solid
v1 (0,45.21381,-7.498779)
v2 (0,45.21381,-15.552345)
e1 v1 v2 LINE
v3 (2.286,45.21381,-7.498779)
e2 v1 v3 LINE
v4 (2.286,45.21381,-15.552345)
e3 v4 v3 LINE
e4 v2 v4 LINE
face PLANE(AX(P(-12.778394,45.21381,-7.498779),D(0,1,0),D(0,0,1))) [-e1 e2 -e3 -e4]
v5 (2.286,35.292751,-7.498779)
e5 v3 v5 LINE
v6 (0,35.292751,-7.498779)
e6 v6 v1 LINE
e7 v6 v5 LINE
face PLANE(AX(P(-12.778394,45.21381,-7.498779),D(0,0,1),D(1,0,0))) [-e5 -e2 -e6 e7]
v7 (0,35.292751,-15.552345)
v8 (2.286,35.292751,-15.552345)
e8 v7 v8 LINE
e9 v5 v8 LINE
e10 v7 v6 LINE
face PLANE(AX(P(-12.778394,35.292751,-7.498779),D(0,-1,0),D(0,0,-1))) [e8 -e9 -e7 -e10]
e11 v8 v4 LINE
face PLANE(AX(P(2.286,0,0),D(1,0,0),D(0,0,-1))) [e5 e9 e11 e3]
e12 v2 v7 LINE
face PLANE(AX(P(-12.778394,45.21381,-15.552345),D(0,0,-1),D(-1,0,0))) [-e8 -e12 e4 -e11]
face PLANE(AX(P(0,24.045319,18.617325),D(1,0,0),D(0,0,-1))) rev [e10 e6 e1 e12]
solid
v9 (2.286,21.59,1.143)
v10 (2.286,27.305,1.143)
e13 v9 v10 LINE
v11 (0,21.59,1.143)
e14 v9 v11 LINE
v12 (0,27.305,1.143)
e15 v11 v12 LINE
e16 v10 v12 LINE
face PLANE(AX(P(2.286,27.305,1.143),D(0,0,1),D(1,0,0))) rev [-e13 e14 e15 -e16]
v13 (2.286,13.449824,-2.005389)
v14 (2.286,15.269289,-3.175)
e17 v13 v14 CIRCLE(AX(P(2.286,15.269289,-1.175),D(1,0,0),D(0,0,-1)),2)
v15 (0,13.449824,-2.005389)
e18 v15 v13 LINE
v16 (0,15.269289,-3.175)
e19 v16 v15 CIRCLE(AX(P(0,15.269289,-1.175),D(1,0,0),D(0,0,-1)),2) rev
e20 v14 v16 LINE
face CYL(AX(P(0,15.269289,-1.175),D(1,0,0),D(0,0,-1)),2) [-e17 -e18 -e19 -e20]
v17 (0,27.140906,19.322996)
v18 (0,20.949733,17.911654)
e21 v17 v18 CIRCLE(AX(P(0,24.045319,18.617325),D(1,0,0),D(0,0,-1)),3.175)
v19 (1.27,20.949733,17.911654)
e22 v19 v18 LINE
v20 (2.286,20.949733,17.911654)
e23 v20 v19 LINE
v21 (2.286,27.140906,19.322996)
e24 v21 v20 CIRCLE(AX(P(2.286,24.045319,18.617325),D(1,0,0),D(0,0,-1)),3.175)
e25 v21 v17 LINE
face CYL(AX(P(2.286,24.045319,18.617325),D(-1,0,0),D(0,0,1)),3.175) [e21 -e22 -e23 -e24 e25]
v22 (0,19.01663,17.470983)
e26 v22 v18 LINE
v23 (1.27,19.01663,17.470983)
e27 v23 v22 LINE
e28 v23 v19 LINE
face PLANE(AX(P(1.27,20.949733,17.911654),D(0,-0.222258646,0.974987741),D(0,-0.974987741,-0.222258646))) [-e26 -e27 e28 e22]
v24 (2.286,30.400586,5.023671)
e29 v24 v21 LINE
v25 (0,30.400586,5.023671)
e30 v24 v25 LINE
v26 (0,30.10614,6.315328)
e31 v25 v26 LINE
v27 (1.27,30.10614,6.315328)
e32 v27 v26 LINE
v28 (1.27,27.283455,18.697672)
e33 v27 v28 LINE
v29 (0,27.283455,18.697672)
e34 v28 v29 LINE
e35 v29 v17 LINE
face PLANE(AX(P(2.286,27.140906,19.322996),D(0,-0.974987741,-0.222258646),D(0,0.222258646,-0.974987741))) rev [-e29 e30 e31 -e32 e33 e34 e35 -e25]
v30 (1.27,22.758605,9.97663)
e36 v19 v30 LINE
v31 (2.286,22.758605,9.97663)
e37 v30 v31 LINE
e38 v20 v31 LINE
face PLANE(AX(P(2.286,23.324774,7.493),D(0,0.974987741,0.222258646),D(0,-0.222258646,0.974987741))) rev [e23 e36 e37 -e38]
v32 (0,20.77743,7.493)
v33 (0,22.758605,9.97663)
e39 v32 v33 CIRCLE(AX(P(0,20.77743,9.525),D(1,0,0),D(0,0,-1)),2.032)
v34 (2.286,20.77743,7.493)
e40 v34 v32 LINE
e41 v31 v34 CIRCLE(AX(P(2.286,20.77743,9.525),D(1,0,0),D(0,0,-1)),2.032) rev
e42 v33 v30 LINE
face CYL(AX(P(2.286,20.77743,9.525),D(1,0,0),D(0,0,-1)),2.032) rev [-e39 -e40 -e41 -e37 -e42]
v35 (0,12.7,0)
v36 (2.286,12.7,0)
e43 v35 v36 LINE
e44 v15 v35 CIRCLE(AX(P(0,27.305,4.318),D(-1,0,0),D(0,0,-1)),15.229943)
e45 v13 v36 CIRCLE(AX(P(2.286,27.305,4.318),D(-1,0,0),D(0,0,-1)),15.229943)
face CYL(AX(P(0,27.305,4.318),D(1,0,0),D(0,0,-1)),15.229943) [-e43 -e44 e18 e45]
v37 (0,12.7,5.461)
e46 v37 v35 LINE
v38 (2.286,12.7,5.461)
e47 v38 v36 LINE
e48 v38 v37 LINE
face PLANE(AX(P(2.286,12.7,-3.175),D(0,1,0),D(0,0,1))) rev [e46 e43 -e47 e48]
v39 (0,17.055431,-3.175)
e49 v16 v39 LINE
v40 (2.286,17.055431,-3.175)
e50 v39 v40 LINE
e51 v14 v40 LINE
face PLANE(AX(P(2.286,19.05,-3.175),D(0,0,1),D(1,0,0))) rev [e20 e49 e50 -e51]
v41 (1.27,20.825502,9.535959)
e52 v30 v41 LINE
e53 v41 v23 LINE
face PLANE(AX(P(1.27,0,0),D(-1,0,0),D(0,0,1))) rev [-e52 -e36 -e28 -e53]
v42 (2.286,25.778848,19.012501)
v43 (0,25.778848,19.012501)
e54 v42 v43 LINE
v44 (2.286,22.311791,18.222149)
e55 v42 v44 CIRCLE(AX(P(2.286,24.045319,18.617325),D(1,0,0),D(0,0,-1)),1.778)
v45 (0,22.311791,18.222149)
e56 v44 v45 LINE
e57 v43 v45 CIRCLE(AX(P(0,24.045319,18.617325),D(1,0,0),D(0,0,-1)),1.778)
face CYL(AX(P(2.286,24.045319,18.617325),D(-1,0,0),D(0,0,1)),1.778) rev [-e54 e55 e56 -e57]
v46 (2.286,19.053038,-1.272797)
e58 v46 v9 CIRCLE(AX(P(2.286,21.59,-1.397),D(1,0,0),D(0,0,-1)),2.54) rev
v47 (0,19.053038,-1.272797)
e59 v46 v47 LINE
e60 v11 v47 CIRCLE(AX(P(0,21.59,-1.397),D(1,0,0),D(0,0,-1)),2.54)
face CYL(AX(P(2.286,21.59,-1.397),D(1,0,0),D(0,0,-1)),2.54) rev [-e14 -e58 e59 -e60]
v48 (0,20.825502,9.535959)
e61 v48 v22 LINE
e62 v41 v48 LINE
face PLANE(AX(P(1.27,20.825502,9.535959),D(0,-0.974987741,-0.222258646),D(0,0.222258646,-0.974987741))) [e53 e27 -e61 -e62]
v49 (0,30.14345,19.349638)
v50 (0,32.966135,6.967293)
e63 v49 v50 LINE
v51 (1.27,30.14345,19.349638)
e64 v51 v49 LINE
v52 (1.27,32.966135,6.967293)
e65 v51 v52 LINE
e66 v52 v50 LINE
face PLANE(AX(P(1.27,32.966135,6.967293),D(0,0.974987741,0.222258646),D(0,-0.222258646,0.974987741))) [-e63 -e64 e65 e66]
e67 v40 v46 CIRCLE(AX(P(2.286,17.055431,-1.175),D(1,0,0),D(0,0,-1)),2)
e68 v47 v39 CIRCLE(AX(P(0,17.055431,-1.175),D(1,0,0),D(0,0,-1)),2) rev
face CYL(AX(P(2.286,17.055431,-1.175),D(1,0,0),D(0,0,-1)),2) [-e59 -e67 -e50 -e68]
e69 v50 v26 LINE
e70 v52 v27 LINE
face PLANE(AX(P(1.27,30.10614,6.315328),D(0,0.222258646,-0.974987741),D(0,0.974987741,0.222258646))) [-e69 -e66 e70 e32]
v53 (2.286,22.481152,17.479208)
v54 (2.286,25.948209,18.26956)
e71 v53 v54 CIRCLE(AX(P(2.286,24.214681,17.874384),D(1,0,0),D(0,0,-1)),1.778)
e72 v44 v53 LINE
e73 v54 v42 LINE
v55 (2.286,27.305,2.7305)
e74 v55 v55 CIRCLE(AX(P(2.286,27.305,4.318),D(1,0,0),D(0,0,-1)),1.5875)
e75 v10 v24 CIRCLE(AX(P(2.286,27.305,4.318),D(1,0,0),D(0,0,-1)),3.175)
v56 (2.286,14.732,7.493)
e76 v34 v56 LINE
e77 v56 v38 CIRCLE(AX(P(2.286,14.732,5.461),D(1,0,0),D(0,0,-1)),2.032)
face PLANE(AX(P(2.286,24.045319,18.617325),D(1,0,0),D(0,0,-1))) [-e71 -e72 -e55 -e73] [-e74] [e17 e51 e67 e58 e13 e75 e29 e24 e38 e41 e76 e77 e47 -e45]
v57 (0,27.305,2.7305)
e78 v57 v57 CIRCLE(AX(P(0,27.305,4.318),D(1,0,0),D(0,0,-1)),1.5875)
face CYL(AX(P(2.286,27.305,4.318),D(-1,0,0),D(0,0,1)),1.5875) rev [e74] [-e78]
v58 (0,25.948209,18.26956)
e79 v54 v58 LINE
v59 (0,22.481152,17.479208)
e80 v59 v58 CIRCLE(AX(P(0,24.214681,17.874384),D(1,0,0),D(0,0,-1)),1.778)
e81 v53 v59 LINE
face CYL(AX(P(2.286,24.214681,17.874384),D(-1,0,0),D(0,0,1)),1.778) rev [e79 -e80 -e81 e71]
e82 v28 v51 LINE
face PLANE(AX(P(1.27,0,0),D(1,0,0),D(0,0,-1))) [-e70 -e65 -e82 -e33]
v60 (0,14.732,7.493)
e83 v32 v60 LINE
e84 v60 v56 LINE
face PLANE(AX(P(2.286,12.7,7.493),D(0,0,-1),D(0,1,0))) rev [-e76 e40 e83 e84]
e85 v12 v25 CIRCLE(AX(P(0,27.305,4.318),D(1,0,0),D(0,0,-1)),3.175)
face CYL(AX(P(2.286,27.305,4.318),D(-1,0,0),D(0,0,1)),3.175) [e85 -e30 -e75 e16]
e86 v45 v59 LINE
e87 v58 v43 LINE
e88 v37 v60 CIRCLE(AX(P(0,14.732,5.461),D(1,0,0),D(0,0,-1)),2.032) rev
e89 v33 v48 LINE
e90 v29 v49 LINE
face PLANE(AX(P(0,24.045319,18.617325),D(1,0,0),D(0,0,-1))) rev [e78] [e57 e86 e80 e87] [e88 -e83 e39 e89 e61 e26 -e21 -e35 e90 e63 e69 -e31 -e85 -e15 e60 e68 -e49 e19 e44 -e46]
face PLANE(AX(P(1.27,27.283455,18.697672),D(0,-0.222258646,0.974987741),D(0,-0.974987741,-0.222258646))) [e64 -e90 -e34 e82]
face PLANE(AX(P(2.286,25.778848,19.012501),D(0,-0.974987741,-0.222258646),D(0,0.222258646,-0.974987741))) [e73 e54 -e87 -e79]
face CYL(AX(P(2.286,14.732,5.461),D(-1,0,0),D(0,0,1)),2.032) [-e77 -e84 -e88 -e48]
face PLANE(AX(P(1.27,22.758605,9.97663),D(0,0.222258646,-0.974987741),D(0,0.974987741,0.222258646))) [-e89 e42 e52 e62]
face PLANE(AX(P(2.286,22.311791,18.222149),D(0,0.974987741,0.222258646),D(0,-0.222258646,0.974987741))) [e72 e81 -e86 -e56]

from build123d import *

# Parameters (mm, degrees)
SKETCH2_R           = 1.5875
BOSS_EXTRUDE1_DEPTH = 2.286
FILLET1_R           = 2.032
FILLET3_R           = 2.54
CUT_EXTRUDE2_DEPTH  = 38.538801483
FILLET4_R           = 2
FILLET5_R           = 2
BOSS_EXTRUDE2_DEPTH = 1.27
SKETCH6_W           = 8.053565913
SKETCH6_H           = 9.921059459
BOSS_EXTRUDE3_DEPTH = 2.286


with BuildPart() as part:
    # Sketch2 → Boss-Extrude1 (new body)
    with BuildSketch(Plane(origin=(0, 0, 0), x_dir=(0, 0, -1), z_dir=(1, 0, 0))):
        with BuildLine():
            Line((-19.322996014, 27.140905532), (-5.0236712, 30.400586076))
            ThreePointArc((-5.0236712, 30.400586076), (-2.338085994, 29.787048656), (-1.143, 27.305))
            Line((-1.143, 27.305), (-1.143, 19.05))
            Line((-1.143, 19.05), (3.175, 19.05))
            Line((3.175, 19.05), (3.175, 15.875))
            Line((3.175, 15.875), (3.175, 12.7))
            Line((3.175, 12.7), (-7.493, 12.7))
            Line((-7.493, 12.7), (-7.493, 23.324774364))
            Line((-7.493, 23.324774364), (-17.911653613, 20.949733379))
            ThreePointArc((-17.911653613, 20.949733379), (-21.71291089, 23.339648256), (-19.322996014, 27.140905532))
        make_face()
        with Locations((-4.318, 27.305)):
            Circle(SKETCH2_R, mode=Mode.SUBTRACT)
        with BuildLine():
            Line((-18.222148942, 22.311791253), (-17.479208283, 22.481152341))
            ThreePointArc((-17.479208283, 22.481152341), (-16.140855953, 24.609856416), (-18.269560028, 25.948208747))
            Line((-18.269560028, 25.948208747), (-19.012500686, 25.778847659))
            ThreePointArc((-19.012500686, 25.778847659), (-20.350853017, 23.650143584), (-18.222148942, 22.311791253))
        make_face(mode=Mode.SUBTRACT)
    extrude(amount=BOSS_EXTRUDE1_DEPTH)

    # Fillet1
    fillet1_edges = [part.edges().sort_by_distance(p)[0] for p in [
        (1.143, 12.7, 7.493),
        (1.143, 23.324774364, 7.493),
    ]]
    fillet(fillet1_edges, radius=FILLET1_R)

    # Fillet3
    fillet3_edges = [part.edges().sort_by_distance(p)[0] for p in [
        (1.143, 19.05, 1.143),
    ]]
    fillet(fillet3_edges, radius=FILLET3_R)

    # Sketch4 → Cut-Extrude2 (cut, through all)
    with BuildSketch(Plane(origin=(2.286, 0, 0), x_dir=(0, 0, -1), z_dir=(1, 0, 0))):
        with BuildLine():
            Line((3.175, 14.045810734), (3.175, 12.7))
            Line((3.175, 12.7), (0, 12.7))
            ThreePointArc((0, 12.7), (1.625713644, 13.282752779), (3.175, 14.045810734))
        make_face()
    extrude(amount=-CUT_EXTRUDE2_DEPTH, mode=Mode.SUBTRACT)

    # Fillet4
    fillet4_edges = [part.edges().sort_by_distance(p)[0] for p in [
        (1.143, 14.045810734, -3.175),
    ]]
    fillet(fillet4_edges, radius=FILLET4_R)

    # Fillet5
    fillet5_edges = [part.edges().sort_by_distance(p)[0] for p in [
        (1.143, 19.05, -3.175),
    ]]
    fillet(fillet5_edges, radius=FILLET5_R)

    # Sketch5 → Boss-Extrude2 (add)
    with BuildSketch(Plane.ZY):
        Polygon((6.315327521, 30.106139518), (18.697671827, 27.283454717), (19.349637641, 30.143449985), (6.967293335, 32.966134786), align=None)
        Polygon((9.976629568, 22.758605045), (17.911653613, 20.949733379), (17.470982606, 19.01663049), (9.53595856, 20.825502156), align=None)
    extrude(amount=-BOSS_EXTRUDE2_DEPTH)


with BuildPart() as body_2:
    # Sketch6 → Boss-Extrude3 (new body)
    with BuildSketch(Plane(origin=(2.286, 0, 0), x_dir=(0, 0, -1), z_dir=(1, 0, 0))):
        with Locations((11.525562457, 40.25328062)):
            Rectangle(SKETCH6_W, SKETCH6_H)
    extrude(amount=-BOSS_EXTRUDE3_DEPTH)


solid = Compound([part.part, body_2.part])
